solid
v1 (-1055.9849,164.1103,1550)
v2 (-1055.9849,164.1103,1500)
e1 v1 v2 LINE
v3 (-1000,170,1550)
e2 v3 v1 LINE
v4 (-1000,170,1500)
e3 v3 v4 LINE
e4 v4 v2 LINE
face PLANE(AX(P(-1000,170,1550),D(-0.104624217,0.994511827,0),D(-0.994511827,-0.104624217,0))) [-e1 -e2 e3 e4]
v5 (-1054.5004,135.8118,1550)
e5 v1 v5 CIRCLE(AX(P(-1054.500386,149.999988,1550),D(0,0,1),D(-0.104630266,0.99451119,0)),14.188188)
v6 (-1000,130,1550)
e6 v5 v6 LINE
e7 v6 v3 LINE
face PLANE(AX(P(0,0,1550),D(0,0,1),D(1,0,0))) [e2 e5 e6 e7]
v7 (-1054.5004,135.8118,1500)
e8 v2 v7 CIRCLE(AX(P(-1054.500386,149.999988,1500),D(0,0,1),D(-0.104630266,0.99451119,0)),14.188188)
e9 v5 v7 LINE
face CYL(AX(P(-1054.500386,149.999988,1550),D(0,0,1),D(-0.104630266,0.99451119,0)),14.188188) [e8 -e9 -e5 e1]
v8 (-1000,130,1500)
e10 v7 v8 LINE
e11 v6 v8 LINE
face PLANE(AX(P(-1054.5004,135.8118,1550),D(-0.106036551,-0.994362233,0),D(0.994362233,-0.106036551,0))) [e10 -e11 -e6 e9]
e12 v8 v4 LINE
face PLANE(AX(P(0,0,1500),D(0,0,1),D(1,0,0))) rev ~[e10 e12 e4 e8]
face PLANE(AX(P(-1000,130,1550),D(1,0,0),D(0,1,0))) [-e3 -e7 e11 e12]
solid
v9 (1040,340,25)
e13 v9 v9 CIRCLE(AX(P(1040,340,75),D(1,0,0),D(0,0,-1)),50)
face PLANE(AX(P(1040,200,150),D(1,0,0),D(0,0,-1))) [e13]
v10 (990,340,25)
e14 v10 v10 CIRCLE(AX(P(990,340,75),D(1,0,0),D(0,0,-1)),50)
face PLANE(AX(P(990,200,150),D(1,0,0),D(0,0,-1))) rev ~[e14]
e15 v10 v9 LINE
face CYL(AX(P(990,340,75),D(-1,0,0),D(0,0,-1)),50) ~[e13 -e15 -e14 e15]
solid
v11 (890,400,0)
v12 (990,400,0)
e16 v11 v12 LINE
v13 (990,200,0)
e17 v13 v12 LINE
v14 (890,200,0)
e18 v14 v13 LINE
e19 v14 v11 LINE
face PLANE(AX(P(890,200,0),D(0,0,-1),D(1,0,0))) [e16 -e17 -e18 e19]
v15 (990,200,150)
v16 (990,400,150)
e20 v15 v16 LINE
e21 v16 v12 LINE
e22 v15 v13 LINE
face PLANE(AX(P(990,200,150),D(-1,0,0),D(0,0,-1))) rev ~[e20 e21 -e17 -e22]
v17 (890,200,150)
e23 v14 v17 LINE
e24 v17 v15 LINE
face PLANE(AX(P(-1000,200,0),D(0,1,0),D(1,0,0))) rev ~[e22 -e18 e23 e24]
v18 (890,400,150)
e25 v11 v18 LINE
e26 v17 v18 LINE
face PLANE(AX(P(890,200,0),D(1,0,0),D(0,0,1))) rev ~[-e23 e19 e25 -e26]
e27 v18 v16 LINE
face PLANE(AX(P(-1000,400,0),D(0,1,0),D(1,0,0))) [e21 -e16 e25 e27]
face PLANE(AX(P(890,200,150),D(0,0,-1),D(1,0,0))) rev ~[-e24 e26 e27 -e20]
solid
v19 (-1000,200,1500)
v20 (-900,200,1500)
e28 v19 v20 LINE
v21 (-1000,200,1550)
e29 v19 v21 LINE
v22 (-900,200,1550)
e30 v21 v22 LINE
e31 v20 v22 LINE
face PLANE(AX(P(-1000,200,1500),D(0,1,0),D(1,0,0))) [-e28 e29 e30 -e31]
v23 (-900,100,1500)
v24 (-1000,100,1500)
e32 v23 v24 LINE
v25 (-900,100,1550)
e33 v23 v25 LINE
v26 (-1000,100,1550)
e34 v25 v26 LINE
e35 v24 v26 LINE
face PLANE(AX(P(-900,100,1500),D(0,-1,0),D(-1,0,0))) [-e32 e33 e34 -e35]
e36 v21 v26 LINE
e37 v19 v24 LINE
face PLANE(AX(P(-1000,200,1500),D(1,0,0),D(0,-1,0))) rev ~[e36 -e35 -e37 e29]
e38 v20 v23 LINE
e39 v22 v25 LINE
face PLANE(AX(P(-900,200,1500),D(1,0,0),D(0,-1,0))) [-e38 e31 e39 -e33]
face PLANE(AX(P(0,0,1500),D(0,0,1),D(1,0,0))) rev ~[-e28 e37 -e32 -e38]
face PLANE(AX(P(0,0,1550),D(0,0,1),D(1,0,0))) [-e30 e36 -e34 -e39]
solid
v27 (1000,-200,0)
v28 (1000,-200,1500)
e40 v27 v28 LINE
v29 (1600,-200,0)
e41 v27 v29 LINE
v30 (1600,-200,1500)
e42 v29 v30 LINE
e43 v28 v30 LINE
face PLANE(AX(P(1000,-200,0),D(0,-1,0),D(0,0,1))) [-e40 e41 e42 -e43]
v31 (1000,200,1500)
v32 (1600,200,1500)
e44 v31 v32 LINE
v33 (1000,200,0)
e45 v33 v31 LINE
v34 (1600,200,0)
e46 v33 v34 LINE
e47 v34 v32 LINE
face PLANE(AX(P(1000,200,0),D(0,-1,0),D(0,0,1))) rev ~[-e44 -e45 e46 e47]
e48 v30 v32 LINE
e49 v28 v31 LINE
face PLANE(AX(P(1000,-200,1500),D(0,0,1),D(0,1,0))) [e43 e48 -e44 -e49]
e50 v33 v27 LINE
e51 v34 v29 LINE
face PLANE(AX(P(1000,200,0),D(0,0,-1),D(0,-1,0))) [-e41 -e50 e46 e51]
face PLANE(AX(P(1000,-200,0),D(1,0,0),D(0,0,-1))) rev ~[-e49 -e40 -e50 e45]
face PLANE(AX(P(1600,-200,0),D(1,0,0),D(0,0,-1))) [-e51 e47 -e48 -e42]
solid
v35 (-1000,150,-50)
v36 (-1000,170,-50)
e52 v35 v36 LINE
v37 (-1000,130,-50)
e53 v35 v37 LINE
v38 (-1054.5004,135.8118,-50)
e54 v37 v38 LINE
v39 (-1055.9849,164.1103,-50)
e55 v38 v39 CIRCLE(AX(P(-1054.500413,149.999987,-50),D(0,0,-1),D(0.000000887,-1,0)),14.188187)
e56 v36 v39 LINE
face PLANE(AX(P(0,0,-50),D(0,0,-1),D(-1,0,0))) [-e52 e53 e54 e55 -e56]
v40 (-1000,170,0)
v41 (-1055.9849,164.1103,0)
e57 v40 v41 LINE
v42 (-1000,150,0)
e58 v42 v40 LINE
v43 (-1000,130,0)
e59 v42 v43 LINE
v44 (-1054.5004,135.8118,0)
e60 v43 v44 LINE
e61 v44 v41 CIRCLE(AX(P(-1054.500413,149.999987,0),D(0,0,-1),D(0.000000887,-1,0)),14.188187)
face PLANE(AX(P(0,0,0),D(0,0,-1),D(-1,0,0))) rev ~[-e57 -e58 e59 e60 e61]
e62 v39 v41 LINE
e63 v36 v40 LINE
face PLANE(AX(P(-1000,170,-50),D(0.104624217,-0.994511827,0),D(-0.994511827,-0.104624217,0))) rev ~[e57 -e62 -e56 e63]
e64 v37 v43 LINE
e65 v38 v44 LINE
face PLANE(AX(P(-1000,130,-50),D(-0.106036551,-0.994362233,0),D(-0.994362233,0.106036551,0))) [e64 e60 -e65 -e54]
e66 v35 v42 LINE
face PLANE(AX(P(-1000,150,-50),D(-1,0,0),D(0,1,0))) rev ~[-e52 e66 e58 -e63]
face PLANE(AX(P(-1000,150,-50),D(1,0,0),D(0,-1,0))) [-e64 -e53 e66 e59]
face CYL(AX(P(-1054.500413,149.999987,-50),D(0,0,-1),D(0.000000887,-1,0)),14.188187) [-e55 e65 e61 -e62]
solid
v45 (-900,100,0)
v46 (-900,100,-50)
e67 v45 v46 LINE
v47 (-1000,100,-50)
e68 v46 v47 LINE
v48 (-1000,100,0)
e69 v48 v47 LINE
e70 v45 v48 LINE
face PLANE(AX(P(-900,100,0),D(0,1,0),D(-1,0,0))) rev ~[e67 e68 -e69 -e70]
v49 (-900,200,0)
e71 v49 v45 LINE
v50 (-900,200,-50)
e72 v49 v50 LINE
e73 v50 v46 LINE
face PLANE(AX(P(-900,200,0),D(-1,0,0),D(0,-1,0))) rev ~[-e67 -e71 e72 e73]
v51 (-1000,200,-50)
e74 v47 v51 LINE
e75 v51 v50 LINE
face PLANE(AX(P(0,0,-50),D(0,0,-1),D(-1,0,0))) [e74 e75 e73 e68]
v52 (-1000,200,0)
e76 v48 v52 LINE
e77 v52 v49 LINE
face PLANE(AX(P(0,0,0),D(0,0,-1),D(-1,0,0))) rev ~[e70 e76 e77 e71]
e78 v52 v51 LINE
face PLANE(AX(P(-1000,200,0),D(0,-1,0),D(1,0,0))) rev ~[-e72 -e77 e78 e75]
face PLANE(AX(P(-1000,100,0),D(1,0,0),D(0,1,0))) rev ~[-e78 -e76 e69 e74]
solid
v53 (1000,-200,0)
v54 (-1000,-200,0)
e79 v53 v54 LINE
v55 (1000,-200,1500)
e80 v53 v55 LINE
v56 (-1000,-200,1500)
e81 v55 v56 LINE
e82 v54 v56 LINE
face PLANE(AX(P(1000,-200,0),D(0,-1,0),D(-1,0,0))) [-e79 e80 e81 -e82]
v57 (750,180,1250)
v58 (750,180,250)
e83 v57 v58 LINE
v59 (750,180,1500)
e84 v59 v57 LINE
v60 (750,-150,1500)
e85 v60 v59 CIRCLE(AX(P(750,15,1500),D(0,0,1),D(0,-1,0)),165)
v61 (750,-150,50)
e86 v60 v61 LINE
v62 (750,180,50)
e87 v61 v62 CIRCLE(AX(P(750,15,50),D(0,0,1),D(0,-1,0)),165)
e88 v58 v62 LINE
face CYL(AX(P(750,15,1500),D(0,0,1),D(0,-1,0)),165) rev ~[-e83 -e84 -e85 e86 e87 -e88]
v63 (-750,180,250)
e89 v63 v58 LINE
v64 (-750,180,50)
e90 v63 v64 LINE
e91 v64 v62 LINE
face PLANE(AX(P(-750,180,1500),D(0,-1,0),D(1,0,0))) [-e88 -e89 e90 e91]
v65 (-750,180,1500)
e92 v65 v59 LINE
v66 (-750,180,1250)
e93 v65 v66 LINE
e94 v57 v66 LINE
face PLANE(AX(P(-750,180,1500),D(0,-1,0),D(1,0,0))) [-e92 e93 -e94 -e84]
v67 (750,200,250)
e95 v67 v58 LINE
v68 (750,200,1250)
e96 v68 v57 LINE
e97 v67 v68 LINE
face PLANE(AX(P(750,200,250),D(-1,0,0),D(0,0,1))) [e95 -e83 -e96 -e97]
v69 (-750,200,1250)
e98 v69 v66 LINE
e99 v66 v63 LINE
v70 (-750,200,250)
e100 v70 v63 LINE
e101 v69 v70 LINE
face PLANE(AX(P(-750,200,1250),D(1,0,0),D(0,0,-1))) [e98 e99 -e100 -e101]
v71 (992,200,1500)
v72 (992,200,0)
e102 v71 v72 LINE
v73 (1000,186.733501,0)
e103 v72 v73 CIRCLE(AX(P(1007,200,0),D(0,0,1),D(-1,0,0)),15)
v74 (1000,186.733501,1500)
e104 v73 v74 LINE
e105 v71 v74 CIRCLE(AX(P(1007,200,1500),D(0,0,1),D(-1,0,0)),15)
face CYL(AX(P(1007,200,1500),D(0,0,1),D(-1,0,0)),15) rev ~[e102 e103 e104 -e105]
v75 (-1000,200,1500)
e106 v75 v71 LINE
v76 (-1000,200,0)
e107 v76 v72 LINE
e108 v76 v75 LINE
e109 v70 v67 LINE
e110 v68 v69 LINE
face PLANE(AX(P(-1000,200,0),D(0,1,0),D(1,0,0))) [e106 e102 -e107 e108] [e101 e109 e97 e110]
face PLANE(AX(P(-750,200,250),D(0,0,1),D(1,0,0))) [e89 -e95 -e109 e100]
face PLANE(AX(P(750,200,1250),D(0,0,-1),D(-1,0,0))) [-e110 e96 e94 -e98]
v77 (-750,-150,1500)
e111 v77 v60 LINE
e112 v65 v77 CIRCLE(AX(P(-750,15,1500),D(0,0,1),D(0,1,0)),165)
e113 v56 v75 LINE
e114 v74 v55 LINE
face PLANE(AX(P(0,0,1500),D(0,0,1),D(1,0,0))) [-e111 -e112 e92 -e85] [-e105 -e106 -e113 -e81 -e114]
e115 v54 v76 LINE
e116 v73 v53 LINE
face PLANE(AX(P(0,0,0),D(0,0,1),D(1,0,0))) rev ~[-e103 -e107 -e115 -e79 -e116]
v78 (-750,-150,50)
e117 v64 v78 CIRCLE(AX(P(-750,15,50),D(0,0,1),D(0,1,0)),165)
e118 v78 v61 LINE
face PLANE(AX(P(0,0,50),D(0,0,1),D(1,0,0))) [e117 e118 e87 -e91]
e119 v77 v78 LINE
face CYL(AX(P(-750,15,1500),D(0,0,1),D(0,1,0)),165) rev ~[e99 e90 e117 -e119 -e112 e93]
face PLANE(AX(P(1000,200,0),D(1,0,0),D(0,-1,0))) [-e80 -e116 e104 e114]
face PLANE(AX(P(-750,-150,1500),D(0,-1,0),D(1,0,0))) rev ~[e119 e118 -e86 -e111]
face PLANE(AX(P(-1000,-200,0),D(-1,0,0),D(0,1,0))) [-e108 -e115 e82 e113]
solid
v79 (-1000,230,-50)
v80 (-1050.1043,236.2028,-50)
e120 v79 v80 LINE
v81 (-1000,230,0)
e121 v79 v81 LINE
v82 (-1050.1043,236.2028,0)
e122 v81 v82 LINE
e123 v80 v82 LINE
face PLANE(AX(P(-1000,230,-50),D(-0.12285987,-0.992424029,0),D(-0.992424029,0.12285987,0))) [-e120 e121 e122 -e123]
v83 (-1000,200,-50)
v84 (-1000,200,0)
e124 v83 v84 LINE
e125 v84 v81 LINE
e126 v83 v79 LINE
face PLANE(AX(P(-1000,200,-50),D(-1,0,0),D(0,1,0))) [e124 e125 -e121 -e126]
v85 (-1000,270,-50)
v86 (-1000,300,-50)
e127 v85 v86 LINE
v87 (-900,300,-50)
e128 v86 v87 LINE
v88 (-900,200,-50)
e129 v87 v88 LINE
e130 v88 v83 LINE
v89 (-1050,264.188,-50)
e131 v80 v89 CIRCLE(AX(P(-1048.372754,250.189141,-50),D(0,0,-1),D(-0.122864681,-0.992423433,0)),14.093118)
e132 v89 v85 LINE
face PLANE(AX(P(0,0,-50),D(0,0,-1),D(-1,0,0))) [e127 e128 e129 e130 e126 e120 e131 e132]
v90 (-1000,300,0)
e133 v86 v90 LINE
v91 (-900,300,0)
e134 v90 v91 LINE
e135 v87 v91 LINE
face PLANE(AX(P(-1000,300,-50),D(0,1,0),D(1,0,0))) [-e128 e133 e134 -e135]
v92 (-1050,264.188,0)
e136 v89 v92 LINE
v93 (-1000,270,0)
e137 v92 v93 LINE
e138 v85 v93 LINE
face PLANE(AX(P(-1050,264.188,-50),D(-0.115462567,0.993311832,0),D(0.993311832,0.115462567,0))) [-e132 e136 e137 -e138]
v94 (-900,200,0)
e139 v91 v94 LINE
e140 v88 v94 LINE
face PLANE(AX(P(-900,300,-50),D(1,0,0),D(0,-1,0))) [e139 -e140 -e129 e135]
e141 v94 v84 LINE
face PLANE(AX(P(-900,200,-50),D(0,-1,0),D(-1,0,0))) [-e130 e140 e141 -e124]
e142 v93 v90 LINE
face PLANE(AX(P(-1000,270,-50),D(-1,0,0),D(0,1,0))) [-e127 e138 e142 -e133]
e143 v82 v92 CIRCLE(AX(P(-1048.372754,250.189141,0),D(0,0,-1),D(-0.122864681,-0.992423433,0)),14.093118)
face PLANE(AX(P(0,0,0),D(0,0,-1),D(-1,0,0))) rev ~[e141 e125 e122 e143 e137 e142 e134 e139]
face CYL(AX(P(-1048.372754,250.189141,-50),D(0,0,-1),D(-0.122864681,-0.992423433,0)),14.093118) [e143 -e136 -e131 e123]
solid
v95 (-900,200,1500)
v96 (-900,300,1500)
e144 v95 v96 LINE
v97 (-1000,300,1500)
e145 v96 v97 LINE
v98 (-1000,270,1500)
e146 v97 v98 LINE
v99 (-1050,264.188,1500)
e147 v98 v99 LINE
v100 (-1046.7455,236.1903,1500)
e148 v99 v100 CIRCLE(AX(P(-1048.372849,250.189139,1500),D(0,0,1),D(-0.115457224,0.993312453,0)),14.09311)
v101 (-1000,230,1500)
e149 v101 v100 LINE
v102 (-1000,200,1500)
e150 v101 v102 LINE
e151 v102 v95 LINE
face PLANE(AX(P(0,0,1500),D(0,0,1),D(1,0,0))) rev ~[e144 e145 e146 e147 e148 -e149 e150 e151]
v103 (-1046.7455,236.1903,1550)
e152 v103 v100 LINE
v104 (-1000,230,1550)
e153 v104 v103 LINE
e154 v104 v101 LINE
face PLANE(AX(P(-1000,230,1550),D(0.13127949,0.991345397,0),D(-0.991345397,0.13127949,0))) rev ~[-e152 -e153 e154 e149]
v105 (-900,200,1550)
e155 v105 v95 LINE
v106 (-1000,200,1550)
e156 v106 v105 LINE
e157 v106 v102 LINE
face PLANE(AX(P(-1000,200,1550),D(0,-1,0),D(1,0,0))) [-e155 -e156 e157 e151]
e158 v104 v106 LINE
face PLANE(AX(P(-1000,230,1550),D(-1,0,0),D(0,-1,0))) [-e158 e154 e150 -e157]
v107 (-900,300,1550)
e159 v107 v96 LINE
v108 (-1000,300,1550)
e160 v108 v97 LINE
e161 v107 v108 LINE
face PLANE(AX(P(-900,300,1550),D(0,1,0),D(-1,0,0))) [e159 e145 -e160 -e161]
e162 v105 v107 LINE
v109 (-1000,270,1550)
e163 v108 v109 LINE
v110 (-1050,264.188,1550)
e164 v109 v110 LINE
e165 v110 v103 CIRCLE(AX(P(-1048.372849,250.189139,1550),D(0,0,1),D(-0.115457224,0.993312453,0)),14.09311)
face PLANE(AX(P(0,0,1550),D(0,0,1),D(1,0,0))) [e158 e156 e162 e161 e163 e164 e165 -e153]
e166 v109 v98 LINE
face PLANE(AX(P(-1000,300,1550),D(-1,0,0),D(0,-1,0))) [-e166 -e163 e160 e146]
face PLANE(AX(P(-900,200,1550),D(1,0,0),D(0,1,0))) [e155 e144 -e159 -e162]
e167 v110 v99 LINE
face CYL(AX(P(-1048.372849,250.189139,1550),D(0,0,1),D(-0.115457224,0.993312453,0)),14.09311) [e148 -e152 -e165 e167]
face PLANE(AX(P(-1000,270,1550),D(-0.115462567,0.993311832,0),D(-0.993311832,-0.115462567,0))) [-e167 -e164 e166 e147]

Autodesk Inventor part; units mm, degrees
ref_plane "YZ Plane" through (0, 0, 0) normal (1, 0, 0) x (0, 1, 0)
ref_plane "XZ Plane" through (0, 0, 0) normal (0, 1, 0) x (-1, 0, 0)
ref_plane "XY Plane" through (0, 0, 0) normal (0, 0, 1) x (1, 0, 0)
sketch "Boceto1" plane through (0, 0, 0) normal (0, 0, 1) x (1, 0, 0)
  point P0 (0, 0)
sketch "Boceto2" plane through (0, 0, 0) normal (0, 0, 1) x (1, 0, 0)
  line L0 (-1000, 200) -> (1000, 200)
  line L1 (1000, 200) -> (1000, -200)
  line L2 (1000, -200) -> (-1000, -200)
  line L3 (-1000, -200) -> (-1000, 200)
  point P0 (0, 0)
  point P1 (1000, 0)
  point P2 (0, 200)
  dimension "d0" = 2000
  dimension "d1" = 400
extrude "Extrusión1" add sketch "Boceto2" along normal blind 1500
sketch "Boceto3" plane through (-1000, 200, 0) normal (0, 1, 0) x (1, 0, 0)
  line L0 (2000, 0) -> (0, 0) construction
  line L1 (0, 0) -> (0, -1500) construction
  line L2 (2000, -1500) -> (0, -1500) construction
  line L3 (2000, 0) -> (2000, -1500) construction
  line L4 (1750, -1250) -> (250, -1250)
  line L5 (250, -1250) -> (250, -250)
  line L6 (250, -250) -> (1750, -250)
  line L7 (1750, -250) -> (1750, -1250)
  point P0 (1000, 0)
  point P1 (1750, -750)
  dimension "d4" = 1500
extrude "Extrusión2" cut sketch "Boceto3" against normal blind 350
sketch "Boceto4" plane through (0, 0, 1500) normal (0, 0, 1) x (1, 0, 0)
  line L0 (750, 200) -> (-750, 200) construction
  line L1 (750, 200) -> (750, -150) construction
  line L2 (750, -150) -> (-750, -150) construction
  line L3 (-750, 200) -> (-750, -150) construction
  line L4 (-750, 200) -> (-750, -150) projected
  line L5 (-750, -150) -> (750, -150) projected
  line L6 (-750, 180) -> (750, 180)
  line L7 (750, -150) -> (-750, -150)
  line L8 (750, 200) -> (750, -150) projected
  arc A0 (750, -150) -> (750, 180) centre (750, 15) ccw
  arc A1 (-750, 180) -> (-750, -150) centre (-750, 15) ccw
  point P0 (0, 0)
  dimension "d7" = 20
  dimension "d8" = 165
extrude "Extrusión3" cut sketch "Boceto4" against normal blind 1450
sketch "Boceto5" plane through (1000, -200, 0) normal (1, 0, 0) x (0, 0, -1)
  line L0 (0, 0) -> (0, 400) construction
  line L1 (0, 400) -> (-1500, 400) construction
  line L2 (-1500, 0) -> (-1500, 400) construction
  line L3 (0, 0) -> (-1500, 0) construction
  line L4 (0, 400) -> (-1500, 400) projected
  line L5 (-1500, 400) -> (0, 400)
  line L6 (0, 400) -> (0, 0)
  line L7 (0, 0) -> (-1500, 0)
  line L8 (-1500, 0) -> (-1500, 400)
  point P0 (0, 200)
extrude "Extrusión4" add sketch "Boceto5" along normal blind 600 separate body
sketch "Boceto6" plane through (-1000, 200, 0) normal (0, 1, 0) x (1, 0, 0)
  line L0 (250, -1250) -> (250, -250) construction
  line L1 (250, -250) -> (1750, -250) construction
  line L2 (1750, -250) -> (1750, -1250) construction
  line L3 (1750, -1250) -> (250, -1250) construction
  line L4 (2000, 0) -> (0, 0) construction
  line L5 (0, 0) -> (0, -1500) construction
  line L6 (2000, -1500) -> (0, -1500) construction
  line L7 (2000, 0) -> (2000, -1500) construction
  line L8 (0, 0) -> (2000, 0) projected
  line L9 (1990, 0) -> (1890, 0)
  line L10 (1890, 0) -> (1890, -150)
  line L11 (1890, -150) -> (1990, -150)
  line L12 (1990, -150) -> (1990, 0)
  point P0 (1000, 0)
  point P1 (1890, 0)
  dimension "d13" = 150
  dimension "d14" = 100
  dimension "d15" = 10
extrude "Extrusión5" add sketch "Boceto6" along normal blind 200 separate body
sketch "Boceto7" plane through (990, 200, 150) normal (1, 0, 0) x (0, 0, -1)
  line L0 (0, 0) -> (150, 0) construction
  line L1 (150, 0) -> (150, 200) construction
  line L2 (0, 200) -> (150, 200) construction
  line L3 (0, 0) -> (0, 200) construction
  circle A0 centre (75, 140) radius 50
  line L4 (0, 200) -> (150, 200) projected
  point P0 (150, -200)
  point P1 (75, 200)
  point P2 (75, 200)
  dimension "d18" = 100
  dimension "d19" = 60
extrude "Extrusión6" add sketch "Boceto7" along normal blind 50 separate body
sketch "Boceto8" plane through (0, 0, 1500) normal (0, 0, 1) x (1, 0, 0)
  line L0 (750, -150) -> (-750, -150) construction
  arc A0 (-750, 180) -> (-750, -150) centre (-750, 15) ccw construction
  line L1 (-750, 180) -> (750, 180) construction
  arc A1 (750, -150) -> (750, 180) centre (750, 15) ccw construction
  line L2 (-1000, -200) -> (1000, -200) construction
  line L3 (1000, -200) -> (1000, 200) construction
  line L4 (1000, 200) -> (-1000, 200) construction
  line L5 (-1000, 200) -> (-1000, -200) construction
  line L6 (1000, 200) -> (1000, -200) construction
  line L7 (1000, -200) -> (1600, -200) construction
  line L8 (1600, 200) -> (1600, -200) construction
  line L9 (1000, 200) -> (1600, 200) construction
  line L10 (1000, 200) -> (-1000, 200) projected
  line L11 (992, 200) -> (1022, 200)
  line L12 (1000, 200) -> (1600, 200) projected
  arc A2 (992, 200) -> (1022, 200) centre (1007, 200) ccw
  line L13 (890, 200) -> (990, 200) construction
  line L14 (990, 200) -> (990, 400) construction
  line L15 (890, 400) -> (990, 400) construction
  line L16 (890, 200) -> (890, 400) construction
  point P0 (0, 0)
  dimension "d22" = 30
  dimension "d24" = 2
extrude "Extrusión7" cut sketch "Boceto8" against normal through all bodies 1
sketch "Boceto9" plane through (0, 0, 1500) normal (0, 0, 1) x (1, 0, 0)
  arc A0 (992, 200) -> (1000, 186.7335) centre (1007, 200) ccw construction
  line L0 (992, 200) -> (-1000, 200) construction
  line L1 (-1000, 200) -> (-1000, -200) construction
  line L2 (-1000, -200) -> (1000, -200) construction
  line L3 (1000, -200) -> (1000, 186.7335) construction
  line L4 (750, -150) -> (-750, -150) construction
  arc A1 (-750, 180) -> (-750, -150) centre (-750, 15) ccw construction
  line L5 (-750, 180) -> (750, 180) construction
  arc A2 (750, -150) -> (750, 180) centre (750, 15) ccw construction
  line L6 (-1000, 200) -> (-1000, -200) projected
  line L7 (-1000, 200) -> (-900, 200)
  line L8 (-900, 200) -> (-900, 100)
  line L9 (-900, 100) -> (-1000, 100)
  line L10 (-1000, 100) -> (-1000, 200)
  point P0 (0, 0)
  dimension "d27" = 100
  dimension "d28" = 100
extrude "Extrusión8" add sketch "Boceto9" along normal blind 50 separate body
sketch "Boceto10" plane through (0, 0, 0) normal (0, 0, -1) x (-1, 0, 0)
  arc A0 (-1000, 186.7335) -> (-992, 200) centre (-1007, 200) ccw construction
  line L0 (-1000, -200) -> (-1000, 186.7335) construction
  line L1 (1000, -200) -> (-1000, -200) construction
  line L2 (1000, 200) -> (1000, -200) construction
  line L3 (-992, 200) -> (1000, 200) construction
  line L4 (1000, 200) -> (900, 200)
  line L5 (900, 200) -> (900, 100)
  line L6 (900, 100) -> (1000, 100)
  line L7 (1000, 100) -> (1000, 200)
  point P0 (0, 0)
  dimension "d31" = 100
  dimension "d32" = 100
extrude "Extrusión9" add sketch "Boceto10" along normal blind 50 separate body
sketch "Boceto11" plane through (0, 0, -50) normal (0, 0, -1) x (-1, 0, 0)
  line L0 (900, 200) -> (900, 100) construction
  line L1 (900, 100) -> (1000, 100) construction
  line L2 (1000, 100) -> (1000, 200) construction
  line L3 (1000, 200) -> (900, 200) construction
  circle A0 centre (1054.5004, 150) radius 50 construction
  line L4 (1000, 200) -> (1000, -200) construction
  line L5 (1000, 150) -> (1000, 170) construction
  circle A1 centre (1054.5004, 150) radius 14.1882 construction
  line L6 (1000, 150) -> (1000, 170)
  line L7 (1000, 170) -> (1055.9849, 164.1103)
  line L8 (1000, 150) -> (1000, 130)
  line L9 (1000, 130) -> (1054.5004, 135.8118)
  arc A2 (1054.5004, 135.8118) -> (1055.9849, 164.1103) centre (1054.5004, 150) ccw
  point P0 (0, 0)
  dimension "d35" = 100
  dimension "d36" = 20
  dimension "d37" = 20
extrude "Extrusión10" add sketch "Boceto11" against normal blind 50 separate body
sketch "Boceto12" plane through (0, 0, 1550) normal (0, 0, 1) x (1, 0, 0)
  line L0 (-900, 200) -> (-1000, 200) construction
  line L1 (-1000, 200) -> (-1000, 100) construction
  line L2 (-1000, 100) -> (-900, 100) construction
  line L3 (-900, 100) -> (-900, 200) construction
  arc A0 (-1055.9849, 164.1103) -> (-1054.5004, 135.8118) centre (-1054.5004, 150) ccw construction
  line L4 (-1054.5004, 135.8118) -> (-1000, 130) construction
  line L5 (-1000, 130) -> (-1000, 170) construction
  line L6 (-1000, 170) -> (-1055.9849, 164.1103) construction
  line L7 (-1000, 130) -> (-1000, 170)
  line L8 (-1000, 200) -> (-1000, -200) projected
  line L9 (-1000, 170) -> (-1055.9849, 164.1103) projected
  line L10 (-1000, 170) -> (-1055.9849, 164.1103)
  arc A1 (-1055.9849, 164.1103) -> (-1054.5004, 135.8118) centre (-1054.5004, 150) ccw
  line L11 (-1054.5004, 135.8118) -> (-1000, 130)
  point P0 (0, 0)
extrude "Extrusión11" add sketch "Boceto12" against normal blind 50 separate body
sketch "Boceto13" plane through (0, 0, 1550) normal (0, 0, 1) x (1, 0, 0)
  line L0 (-900, 200) -> (-1000, 200) construction
  line L1 (-1000, 200) -> (-1000, 100) construction
  line L2 (-1000, 100) -> (-900, 100) construction
  line L3 (-900, 100) -> (-900, 200) construction
  line L4 (-1000, 200) -> (-1000, -200) projected
  line L5 (-1000, 200) -> (-900, 200)
  line L6 (-900, 200) -> (-900, 300)
  line L7 (-900, 300) -> (-1000, 300)
  line L8 (-1000, 300) -> (-1000, 200)
  circle A0 centre (-1050, 250) radius 50 construction
  circle A1 centre (-1050, 250) radius 14.188 construction
  line L9 (-1000, 250) -> (-1000, 270)
  line L10 (-1000, 270) -> (-1050, 264.188)
  arc A2 (-1050, 264.188) -> (-1046.7455, 236.1903) centre (-1048.3728, 250.1891) ccw
  line L11 (-1000, 250) -> (-1000, 230)
  line L12 (-1000, 230) -> (-1046.7455, 236.1903)
  point P0 (0, 0)
  dimension "d50" = 100
  dimension "d48" = 100
  dimension "d49" = 100
  dimension "d51" = 28.376
  dimension "d52" = 20
  dimension "d53" = 20
  dimension "d54" = 50
  dimension "d55" = 46.7456
extrude "Extrusión12" add sketch "Boceto13" against normal blind 50 separate body
sketch "Boceto14" plane through (0, 0, -50) normal (0, 0, -1) x (-1, 0, 0)
  line L0 (1000, 270) -> (1000, 300) construction
  line L1 (1000, 300) -> (900, 300) construction
  line L2 (900, 300) -> (900, 200) construction
  line L3 (900, 200) -> (1000, 200) construction
  line L4 (1000, 200) -> (1000, 230) construction
  line L5 (1000, 230) -> (1046.7455, 236.1903) construction
  arc A0 (1046.7455, 236.1903) -> (1050, 264.188) centre (1048.3728, 250.1891) ccw construction
  line L6 (1050, 264.188) -> (1000, 270) construction
  line L7 (1000, 270) -> (1000, 300) projected
  line L8 (1000, 270) -> (1000, 300)
  line L9 (1000, 300) -> (900, 300) projected
  line L10 (1000, 300) -> (900, 300)
  line L11 (900, 300) -> (900, 200)
  line L12 (-992, 200) -> (1000, 200) construction
  line L13 (900, 200) -> (1000, 200)
  line L14 (1000, 200) -> (1000, 230) projected
  line L15 (1000, 200) -> (1000, 230)
  line L16 (1000, 230) -> (1050.1043, 236.2028)
  arc A1 (1050.1043, 236.2028) -> (1050, 264.188) centre (1048.3728, 250.1891) ccw
  line L17 (1050, 264.188) -> (1000, 270) projected
  line L18 (1050, 264.188) -> (1000, 270)
  point P0 (0, 0)
extrude "Extrusión13" add sketch "Boceto14" against normal blind 50 separate body
sketch "Boceto15" plane through (0, 0, 0) normal (1, 0, 0) x (0, 1, 0)
  point P0 (0, 0)
properties part number "base"
